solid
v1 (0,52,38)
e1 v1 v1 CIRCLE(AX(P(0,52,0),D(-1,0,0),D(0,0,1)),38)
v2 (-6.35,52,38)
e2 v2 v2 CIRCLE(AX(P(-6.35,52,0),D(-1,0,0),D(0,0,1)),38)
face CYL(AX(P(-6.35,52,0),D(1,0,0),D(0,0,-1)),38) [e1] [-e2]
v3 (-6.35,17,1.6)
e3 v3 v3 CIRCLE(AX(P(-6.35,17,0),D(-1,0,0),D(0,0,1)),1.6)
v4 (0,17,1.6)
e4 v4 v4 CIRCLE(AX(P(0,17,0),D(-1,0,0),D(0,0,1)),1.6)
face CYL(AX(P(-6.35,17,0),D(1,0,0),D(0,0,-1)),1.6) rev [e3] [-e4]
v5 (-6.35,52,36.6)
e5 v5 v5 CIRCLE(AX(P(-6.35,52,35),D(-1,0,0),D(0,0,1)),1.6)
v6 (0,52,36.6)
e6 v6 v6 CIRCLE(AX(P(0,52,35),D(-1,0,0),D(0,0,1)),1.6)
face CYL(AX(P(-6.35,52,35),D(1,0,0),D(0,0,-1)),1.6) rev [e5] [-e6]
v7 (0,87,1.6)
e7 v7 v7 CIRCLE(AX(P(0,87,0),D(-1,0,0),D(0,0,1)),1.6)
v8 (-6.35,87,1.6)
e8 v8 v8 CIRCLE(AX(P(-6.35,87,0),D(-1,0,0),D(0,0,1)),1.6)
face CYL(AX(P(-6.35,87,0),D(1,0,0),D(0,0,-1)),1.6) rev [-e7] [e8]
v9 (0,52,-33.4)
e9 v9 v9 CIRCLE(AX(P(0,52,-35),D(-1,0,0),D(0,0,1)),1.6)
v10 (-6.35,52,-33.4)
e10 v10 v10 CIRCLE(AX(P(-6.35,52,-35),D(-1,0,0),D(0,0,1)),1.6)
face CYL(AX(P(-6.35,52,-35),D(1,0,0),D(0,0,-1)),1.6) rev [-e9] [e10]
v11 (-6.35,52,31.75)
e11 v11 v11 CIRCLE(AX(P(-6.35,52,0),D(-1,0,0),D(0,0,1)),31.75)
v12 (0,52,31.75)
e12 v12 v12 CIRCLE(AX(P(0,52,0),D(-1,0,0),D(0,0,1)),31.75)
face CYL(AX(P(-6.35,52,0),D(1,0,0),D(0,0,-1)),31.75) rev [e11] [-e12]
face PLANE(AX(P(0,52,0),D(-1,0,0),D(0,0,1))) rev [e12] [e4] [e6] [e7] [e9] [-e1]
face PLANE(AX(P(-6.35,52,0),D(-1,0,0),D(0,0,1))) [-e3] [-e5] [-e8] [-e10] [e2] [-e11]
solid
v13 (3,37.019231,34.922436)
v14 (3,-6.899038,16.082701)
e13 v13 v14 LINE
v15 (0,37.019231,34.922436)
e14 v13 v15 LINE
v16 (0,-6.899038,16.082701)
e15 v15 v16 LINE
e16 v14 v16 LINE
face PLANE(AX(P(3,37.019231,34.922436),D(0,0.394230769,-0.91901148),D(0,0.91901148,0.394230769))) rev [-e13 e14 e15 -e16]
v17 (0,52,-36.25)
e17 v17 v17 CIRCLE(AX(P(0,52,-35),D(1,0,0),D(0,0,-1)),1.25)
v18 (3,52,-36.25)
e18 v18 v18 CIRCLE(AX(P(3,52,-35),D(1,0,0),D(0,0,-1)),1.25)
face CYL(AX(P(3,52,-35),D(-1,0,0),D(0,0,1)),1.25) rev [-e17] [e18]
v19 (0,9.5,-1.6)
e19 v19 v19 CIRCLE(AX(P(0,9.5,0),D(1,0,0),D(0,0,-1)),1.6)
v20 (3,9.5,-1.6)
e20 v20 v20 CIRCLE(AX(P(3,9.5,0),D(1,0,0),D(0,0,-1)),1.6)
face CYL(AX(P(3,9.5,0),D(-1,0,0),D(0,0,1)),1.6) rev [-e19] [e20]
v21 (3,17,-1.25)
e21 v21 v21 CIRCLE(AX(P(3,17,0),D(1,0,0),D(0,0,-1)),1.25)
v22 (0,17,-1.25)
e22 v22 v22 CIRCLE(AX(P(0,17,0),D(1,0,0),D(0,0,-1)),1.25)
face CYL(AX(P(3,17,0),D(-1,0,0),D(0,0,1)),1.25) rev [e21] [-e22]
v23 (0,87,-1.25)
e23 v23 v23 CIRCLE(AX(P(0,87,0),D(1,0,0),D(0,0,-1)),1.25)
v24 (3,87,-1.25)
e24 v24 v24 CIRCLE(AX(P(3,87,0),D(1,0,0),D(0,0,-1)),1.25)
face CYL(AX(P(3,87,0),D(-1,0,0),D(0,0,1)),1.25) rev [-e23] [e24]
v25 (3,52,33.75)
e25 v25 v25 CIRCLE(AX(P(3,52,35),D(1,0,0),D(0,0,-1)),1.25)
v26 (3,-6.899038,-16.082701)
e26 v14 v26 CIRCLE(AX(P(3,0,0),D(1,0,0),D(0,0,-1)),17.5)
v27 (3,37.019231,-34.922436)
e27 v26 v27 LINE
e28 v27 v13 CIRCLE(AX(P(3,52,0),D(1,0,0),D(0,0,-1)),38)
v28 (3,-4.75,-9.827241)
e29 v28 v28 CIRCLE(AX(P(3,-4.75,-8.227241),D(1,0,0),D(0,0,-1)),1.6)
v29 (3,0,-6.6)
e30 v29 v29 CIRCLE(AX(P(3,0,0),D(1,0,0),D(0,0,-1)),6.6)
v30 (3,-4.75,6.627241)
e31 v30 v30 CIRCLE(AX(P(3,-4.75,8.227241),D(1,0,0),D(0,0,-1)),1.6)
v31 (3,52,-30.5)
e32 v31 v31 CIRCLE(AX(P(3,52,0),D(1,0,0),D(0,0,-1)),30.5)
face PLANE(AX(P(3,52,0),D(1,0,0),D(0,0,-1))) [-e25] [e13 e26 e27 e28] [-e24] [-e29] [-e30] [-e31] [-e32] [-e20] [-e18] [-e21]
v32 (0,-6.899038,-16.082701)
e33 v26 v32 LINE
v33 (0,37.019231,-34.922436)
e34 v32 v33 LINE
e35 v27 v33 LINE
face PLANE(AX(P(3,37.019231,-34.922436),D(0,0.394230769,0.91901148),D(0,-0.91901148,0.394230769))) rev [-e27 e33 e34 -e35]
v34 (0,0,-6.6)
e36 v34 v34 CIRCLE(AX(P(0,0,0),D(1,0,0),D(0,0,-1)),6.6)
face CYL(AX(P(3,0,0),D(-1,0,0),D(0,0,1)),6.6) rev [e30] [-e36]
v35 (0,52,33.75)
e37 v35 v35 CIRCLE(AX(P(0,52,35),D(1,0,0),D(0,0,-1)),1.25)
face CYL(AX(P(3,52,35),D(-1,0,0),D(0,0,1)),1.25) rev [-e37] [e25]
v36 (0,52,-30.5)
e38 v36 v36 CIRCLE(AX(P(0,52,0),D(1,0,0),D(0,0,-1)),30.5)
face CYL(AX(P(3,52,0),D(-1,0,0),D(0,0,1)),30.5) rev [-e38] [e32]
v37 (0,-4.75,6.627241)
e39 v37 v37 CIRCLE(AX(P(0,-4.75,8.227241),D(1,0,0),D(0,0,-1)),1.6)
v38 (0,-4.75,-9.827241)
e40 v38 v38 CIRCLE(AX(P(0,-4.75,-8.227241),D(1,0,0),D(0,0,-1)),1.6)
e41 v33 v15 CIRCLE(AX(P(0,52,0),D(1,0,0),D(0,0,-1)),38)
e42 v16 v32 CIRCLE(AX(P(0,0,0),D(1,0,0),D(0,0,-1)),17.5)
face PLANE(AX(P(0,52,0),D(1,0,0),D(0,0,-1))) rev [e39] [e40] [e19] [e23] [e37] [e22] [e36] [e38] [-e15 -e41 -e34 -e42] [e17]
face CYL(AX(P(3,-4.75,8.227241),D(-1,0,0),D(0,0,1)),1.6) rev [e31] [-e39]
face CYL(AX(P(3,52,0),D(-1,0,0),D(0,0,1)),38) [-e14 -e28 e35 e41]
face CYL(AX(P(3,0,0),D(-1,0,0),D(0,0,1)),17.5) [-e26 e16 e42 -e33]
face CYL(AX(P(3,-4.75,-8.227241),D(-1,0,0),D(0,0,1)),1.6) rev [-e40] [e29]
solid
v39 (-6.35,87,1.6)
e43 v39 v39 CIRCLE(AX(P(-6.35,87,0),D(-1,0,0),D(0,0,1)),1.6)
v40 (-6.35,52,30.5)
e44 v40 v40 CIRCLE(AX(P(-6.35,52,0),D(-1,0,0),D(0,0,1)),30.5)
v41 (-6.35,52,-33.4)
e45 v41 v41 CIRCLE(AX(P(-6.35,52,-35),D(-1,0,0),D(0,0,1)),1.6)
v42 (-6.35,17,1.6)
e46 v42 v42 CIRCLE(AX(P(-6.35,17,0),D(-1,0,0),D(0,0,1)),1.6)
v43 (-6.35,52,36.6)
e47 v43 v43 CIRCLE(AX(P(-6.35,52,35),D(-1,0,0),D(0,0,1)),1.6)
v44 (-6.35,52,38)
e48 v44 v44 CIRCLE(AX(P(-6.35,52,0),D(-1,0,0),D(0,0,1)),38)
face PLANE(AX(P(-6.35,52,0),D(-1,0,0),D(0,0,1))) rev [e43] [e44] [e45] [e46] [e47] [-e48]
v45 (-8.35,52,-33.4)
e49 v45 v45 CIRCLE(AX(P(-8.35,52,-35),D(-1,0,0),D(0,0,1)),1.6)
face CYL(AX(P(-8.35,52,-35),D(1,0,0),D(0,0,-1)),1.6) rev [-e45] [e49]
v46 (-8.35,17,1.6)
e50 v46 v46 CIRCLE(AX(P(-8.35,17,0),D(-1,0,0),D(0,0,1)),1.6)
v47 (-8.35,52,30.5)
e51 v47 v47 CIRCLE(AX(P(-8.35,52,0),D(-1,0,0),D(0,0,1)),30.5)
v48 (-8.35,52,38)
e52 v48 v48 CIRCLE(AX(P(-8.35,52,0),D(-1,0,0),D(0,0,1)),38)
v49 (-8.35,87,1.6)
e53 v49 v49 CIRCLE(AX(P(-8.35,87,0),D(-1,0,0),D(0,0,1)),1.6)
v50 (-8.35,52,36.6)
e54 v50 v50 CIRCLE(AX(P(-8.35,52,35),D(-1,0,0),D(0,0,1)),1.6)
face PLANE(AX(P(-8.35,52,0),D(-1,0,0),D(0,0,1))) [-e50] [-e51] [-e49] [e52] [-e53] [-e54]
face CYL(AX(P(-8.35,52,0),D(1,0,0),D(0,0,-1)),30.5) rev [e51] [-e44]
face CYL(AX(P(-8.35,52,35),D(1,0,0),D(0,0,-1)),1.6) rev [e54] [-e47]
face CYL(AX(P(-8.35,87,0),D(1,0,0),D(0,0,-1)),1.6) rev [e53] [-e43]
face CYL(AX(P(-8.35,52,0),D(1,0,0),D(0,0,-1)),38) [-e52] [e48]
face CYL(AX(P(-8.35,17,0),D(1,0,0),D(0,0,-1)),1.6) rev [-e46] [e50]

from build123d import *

# Parameters (mm, degrees)
SKETCH_2_R      = 6.6
SKETCH_2_R_2    = 1.6
SKETCH_2_R_3    = 30.5
SKETCH_2_R_4    = 1.25
EXTRUDE_1_DEPTH = 3
SKETCH_6_R      = 38
SKETCH_6_R_2    = 31.75
SKETCH_6_R_3    = 1.6
EXTRUDE_4_DEPTH = 6.35
SKETCH_7_R      = 38
SKETCH_7_R_2    = 30.5
SKETCH_7_R_3    = 1.6
EXTRUDE_5_DEPTH = 2


with BuildPart() as part:
    # ｽｹｯﾁ2 → ﾎﾞｽ - 押し出し1 (new body)
    with BuildSketch(Plane(origin=(0, 0, 0), x_dir=(0, 0, -1), z_dir=(1, 0, 0))):
        with BuildLine():
            Line((-34.922436245, 37.019230769), (-16.082700902, -6.899038462))
            ThreePointArc((-16.082700902, -6.899038462), (0, -17.5), (16.082700902, -6.899038462))
            Line((16.082700902, -6.899038462), (34.922436245, 37.019230769))
            ThreePointArc((34.922436245, 37.019230769), (0, 90), (-34.922436245, 37.019230769))
        make_face()
        Circle(SKETCH_2_R, mode=Mode.SUBTRACT)
        with Locations((0, 9.5)):
            Circle(SKETCH_2_R_2, mode=Mode.SUBTRACT)
        with Locations((8.227241336, -4.75)):
            Circle(SKETCH_2_R_2, mode=Mode.SUBTRACT)
        with Locations((-8.227241336, -4.75)):
            Circle(SKETCH_2_R_2, mode=Mode.SUBTRACT)
        with Locations((0, 52)):
            Circle(SKETCH_2_R_3, mode=Mode.SUBTRACT)
        with Locations((0, 87)):
            Circle(SKETCH_2_R_4, mode=Mode.SUBTRACT)
        with Locations((0, 17)):
            Circle(SKETCH_2_R_4, mode=Mode.SUBTRACT)
        with Locations((35, 52)):
            Circle(SKETCH_2_R_4, mode=Mode.SUBTRACT)
        with Locations((-35, 52)):
            Circle(SKETCH_2_R_4, mode=Mode.SUBTRACT)
    extrude(amount=EXTRUDE_1_DEPTH)


with BuildPart() as body_2:
    # ｽｹｯﾁ6 → ﾎﾞｽ - 押し出し4 (new body)
    with BuildSketch(Plane.ZY):
        with Locations((0, 52)):
            Circle(SKETCH_6_R)
        with Locations((0, 52)):
            Circle(SKETCH_6_R_2, mode=Mode.SUBTRACT)
        with Locations((0, 87)):
            Circle(SKETCH_6_R_3, mode=Mode.SUBTRACT)
        with Locations((35, 52)):
            Circle(SKETCH_6_R_3, mode=Mode.SUBTRACT)
        with Locations((0, 17)):
            Circle(SKETCH_6_R_3, mode=Mode.SUBTRACT)
        with Locations((-35, 52)):
            Circle(SKETCH_6_R_3, mode=Mode.SUBTRACT)
    extrude(amount=EXTRUDE_4_DEPTH)


with BuildPart() as body_3:
    # ｽｹｯﾁ7 → ﾎﾞｽ - 押し出し5 (new body)
    with BuildSketch(Plane.ZY.offset(6.35)):
        with Locations((0, 52)):
            Circle(SKETCH_7_R)
        with Locations((0, 52)):
            Circle(SKETCH_7_R_2, mode=Mode.SUBTRACT)
        with Locations((0, 17)):
            Circle(SKETCH_7_R_3, mode=Mode.SUBTRACT)
        with Locations((35, 52)):
            Circle(SKETCH_7_R_3, mode=Mode.SUBTRACT)
        with Locations((-35, 52)):
            Circle(SKETCH_7_R_3, mode=Mode.SUBTRACT)
        with Locations((0, 87)):
            Circle(SKETCH_7_R_3, mode=Mode.SUBTRACT)
    extrude(amount=EXTRUDE_5_DEPTH)


solid = Compound([part.part, body_2.part, body_3.part])
